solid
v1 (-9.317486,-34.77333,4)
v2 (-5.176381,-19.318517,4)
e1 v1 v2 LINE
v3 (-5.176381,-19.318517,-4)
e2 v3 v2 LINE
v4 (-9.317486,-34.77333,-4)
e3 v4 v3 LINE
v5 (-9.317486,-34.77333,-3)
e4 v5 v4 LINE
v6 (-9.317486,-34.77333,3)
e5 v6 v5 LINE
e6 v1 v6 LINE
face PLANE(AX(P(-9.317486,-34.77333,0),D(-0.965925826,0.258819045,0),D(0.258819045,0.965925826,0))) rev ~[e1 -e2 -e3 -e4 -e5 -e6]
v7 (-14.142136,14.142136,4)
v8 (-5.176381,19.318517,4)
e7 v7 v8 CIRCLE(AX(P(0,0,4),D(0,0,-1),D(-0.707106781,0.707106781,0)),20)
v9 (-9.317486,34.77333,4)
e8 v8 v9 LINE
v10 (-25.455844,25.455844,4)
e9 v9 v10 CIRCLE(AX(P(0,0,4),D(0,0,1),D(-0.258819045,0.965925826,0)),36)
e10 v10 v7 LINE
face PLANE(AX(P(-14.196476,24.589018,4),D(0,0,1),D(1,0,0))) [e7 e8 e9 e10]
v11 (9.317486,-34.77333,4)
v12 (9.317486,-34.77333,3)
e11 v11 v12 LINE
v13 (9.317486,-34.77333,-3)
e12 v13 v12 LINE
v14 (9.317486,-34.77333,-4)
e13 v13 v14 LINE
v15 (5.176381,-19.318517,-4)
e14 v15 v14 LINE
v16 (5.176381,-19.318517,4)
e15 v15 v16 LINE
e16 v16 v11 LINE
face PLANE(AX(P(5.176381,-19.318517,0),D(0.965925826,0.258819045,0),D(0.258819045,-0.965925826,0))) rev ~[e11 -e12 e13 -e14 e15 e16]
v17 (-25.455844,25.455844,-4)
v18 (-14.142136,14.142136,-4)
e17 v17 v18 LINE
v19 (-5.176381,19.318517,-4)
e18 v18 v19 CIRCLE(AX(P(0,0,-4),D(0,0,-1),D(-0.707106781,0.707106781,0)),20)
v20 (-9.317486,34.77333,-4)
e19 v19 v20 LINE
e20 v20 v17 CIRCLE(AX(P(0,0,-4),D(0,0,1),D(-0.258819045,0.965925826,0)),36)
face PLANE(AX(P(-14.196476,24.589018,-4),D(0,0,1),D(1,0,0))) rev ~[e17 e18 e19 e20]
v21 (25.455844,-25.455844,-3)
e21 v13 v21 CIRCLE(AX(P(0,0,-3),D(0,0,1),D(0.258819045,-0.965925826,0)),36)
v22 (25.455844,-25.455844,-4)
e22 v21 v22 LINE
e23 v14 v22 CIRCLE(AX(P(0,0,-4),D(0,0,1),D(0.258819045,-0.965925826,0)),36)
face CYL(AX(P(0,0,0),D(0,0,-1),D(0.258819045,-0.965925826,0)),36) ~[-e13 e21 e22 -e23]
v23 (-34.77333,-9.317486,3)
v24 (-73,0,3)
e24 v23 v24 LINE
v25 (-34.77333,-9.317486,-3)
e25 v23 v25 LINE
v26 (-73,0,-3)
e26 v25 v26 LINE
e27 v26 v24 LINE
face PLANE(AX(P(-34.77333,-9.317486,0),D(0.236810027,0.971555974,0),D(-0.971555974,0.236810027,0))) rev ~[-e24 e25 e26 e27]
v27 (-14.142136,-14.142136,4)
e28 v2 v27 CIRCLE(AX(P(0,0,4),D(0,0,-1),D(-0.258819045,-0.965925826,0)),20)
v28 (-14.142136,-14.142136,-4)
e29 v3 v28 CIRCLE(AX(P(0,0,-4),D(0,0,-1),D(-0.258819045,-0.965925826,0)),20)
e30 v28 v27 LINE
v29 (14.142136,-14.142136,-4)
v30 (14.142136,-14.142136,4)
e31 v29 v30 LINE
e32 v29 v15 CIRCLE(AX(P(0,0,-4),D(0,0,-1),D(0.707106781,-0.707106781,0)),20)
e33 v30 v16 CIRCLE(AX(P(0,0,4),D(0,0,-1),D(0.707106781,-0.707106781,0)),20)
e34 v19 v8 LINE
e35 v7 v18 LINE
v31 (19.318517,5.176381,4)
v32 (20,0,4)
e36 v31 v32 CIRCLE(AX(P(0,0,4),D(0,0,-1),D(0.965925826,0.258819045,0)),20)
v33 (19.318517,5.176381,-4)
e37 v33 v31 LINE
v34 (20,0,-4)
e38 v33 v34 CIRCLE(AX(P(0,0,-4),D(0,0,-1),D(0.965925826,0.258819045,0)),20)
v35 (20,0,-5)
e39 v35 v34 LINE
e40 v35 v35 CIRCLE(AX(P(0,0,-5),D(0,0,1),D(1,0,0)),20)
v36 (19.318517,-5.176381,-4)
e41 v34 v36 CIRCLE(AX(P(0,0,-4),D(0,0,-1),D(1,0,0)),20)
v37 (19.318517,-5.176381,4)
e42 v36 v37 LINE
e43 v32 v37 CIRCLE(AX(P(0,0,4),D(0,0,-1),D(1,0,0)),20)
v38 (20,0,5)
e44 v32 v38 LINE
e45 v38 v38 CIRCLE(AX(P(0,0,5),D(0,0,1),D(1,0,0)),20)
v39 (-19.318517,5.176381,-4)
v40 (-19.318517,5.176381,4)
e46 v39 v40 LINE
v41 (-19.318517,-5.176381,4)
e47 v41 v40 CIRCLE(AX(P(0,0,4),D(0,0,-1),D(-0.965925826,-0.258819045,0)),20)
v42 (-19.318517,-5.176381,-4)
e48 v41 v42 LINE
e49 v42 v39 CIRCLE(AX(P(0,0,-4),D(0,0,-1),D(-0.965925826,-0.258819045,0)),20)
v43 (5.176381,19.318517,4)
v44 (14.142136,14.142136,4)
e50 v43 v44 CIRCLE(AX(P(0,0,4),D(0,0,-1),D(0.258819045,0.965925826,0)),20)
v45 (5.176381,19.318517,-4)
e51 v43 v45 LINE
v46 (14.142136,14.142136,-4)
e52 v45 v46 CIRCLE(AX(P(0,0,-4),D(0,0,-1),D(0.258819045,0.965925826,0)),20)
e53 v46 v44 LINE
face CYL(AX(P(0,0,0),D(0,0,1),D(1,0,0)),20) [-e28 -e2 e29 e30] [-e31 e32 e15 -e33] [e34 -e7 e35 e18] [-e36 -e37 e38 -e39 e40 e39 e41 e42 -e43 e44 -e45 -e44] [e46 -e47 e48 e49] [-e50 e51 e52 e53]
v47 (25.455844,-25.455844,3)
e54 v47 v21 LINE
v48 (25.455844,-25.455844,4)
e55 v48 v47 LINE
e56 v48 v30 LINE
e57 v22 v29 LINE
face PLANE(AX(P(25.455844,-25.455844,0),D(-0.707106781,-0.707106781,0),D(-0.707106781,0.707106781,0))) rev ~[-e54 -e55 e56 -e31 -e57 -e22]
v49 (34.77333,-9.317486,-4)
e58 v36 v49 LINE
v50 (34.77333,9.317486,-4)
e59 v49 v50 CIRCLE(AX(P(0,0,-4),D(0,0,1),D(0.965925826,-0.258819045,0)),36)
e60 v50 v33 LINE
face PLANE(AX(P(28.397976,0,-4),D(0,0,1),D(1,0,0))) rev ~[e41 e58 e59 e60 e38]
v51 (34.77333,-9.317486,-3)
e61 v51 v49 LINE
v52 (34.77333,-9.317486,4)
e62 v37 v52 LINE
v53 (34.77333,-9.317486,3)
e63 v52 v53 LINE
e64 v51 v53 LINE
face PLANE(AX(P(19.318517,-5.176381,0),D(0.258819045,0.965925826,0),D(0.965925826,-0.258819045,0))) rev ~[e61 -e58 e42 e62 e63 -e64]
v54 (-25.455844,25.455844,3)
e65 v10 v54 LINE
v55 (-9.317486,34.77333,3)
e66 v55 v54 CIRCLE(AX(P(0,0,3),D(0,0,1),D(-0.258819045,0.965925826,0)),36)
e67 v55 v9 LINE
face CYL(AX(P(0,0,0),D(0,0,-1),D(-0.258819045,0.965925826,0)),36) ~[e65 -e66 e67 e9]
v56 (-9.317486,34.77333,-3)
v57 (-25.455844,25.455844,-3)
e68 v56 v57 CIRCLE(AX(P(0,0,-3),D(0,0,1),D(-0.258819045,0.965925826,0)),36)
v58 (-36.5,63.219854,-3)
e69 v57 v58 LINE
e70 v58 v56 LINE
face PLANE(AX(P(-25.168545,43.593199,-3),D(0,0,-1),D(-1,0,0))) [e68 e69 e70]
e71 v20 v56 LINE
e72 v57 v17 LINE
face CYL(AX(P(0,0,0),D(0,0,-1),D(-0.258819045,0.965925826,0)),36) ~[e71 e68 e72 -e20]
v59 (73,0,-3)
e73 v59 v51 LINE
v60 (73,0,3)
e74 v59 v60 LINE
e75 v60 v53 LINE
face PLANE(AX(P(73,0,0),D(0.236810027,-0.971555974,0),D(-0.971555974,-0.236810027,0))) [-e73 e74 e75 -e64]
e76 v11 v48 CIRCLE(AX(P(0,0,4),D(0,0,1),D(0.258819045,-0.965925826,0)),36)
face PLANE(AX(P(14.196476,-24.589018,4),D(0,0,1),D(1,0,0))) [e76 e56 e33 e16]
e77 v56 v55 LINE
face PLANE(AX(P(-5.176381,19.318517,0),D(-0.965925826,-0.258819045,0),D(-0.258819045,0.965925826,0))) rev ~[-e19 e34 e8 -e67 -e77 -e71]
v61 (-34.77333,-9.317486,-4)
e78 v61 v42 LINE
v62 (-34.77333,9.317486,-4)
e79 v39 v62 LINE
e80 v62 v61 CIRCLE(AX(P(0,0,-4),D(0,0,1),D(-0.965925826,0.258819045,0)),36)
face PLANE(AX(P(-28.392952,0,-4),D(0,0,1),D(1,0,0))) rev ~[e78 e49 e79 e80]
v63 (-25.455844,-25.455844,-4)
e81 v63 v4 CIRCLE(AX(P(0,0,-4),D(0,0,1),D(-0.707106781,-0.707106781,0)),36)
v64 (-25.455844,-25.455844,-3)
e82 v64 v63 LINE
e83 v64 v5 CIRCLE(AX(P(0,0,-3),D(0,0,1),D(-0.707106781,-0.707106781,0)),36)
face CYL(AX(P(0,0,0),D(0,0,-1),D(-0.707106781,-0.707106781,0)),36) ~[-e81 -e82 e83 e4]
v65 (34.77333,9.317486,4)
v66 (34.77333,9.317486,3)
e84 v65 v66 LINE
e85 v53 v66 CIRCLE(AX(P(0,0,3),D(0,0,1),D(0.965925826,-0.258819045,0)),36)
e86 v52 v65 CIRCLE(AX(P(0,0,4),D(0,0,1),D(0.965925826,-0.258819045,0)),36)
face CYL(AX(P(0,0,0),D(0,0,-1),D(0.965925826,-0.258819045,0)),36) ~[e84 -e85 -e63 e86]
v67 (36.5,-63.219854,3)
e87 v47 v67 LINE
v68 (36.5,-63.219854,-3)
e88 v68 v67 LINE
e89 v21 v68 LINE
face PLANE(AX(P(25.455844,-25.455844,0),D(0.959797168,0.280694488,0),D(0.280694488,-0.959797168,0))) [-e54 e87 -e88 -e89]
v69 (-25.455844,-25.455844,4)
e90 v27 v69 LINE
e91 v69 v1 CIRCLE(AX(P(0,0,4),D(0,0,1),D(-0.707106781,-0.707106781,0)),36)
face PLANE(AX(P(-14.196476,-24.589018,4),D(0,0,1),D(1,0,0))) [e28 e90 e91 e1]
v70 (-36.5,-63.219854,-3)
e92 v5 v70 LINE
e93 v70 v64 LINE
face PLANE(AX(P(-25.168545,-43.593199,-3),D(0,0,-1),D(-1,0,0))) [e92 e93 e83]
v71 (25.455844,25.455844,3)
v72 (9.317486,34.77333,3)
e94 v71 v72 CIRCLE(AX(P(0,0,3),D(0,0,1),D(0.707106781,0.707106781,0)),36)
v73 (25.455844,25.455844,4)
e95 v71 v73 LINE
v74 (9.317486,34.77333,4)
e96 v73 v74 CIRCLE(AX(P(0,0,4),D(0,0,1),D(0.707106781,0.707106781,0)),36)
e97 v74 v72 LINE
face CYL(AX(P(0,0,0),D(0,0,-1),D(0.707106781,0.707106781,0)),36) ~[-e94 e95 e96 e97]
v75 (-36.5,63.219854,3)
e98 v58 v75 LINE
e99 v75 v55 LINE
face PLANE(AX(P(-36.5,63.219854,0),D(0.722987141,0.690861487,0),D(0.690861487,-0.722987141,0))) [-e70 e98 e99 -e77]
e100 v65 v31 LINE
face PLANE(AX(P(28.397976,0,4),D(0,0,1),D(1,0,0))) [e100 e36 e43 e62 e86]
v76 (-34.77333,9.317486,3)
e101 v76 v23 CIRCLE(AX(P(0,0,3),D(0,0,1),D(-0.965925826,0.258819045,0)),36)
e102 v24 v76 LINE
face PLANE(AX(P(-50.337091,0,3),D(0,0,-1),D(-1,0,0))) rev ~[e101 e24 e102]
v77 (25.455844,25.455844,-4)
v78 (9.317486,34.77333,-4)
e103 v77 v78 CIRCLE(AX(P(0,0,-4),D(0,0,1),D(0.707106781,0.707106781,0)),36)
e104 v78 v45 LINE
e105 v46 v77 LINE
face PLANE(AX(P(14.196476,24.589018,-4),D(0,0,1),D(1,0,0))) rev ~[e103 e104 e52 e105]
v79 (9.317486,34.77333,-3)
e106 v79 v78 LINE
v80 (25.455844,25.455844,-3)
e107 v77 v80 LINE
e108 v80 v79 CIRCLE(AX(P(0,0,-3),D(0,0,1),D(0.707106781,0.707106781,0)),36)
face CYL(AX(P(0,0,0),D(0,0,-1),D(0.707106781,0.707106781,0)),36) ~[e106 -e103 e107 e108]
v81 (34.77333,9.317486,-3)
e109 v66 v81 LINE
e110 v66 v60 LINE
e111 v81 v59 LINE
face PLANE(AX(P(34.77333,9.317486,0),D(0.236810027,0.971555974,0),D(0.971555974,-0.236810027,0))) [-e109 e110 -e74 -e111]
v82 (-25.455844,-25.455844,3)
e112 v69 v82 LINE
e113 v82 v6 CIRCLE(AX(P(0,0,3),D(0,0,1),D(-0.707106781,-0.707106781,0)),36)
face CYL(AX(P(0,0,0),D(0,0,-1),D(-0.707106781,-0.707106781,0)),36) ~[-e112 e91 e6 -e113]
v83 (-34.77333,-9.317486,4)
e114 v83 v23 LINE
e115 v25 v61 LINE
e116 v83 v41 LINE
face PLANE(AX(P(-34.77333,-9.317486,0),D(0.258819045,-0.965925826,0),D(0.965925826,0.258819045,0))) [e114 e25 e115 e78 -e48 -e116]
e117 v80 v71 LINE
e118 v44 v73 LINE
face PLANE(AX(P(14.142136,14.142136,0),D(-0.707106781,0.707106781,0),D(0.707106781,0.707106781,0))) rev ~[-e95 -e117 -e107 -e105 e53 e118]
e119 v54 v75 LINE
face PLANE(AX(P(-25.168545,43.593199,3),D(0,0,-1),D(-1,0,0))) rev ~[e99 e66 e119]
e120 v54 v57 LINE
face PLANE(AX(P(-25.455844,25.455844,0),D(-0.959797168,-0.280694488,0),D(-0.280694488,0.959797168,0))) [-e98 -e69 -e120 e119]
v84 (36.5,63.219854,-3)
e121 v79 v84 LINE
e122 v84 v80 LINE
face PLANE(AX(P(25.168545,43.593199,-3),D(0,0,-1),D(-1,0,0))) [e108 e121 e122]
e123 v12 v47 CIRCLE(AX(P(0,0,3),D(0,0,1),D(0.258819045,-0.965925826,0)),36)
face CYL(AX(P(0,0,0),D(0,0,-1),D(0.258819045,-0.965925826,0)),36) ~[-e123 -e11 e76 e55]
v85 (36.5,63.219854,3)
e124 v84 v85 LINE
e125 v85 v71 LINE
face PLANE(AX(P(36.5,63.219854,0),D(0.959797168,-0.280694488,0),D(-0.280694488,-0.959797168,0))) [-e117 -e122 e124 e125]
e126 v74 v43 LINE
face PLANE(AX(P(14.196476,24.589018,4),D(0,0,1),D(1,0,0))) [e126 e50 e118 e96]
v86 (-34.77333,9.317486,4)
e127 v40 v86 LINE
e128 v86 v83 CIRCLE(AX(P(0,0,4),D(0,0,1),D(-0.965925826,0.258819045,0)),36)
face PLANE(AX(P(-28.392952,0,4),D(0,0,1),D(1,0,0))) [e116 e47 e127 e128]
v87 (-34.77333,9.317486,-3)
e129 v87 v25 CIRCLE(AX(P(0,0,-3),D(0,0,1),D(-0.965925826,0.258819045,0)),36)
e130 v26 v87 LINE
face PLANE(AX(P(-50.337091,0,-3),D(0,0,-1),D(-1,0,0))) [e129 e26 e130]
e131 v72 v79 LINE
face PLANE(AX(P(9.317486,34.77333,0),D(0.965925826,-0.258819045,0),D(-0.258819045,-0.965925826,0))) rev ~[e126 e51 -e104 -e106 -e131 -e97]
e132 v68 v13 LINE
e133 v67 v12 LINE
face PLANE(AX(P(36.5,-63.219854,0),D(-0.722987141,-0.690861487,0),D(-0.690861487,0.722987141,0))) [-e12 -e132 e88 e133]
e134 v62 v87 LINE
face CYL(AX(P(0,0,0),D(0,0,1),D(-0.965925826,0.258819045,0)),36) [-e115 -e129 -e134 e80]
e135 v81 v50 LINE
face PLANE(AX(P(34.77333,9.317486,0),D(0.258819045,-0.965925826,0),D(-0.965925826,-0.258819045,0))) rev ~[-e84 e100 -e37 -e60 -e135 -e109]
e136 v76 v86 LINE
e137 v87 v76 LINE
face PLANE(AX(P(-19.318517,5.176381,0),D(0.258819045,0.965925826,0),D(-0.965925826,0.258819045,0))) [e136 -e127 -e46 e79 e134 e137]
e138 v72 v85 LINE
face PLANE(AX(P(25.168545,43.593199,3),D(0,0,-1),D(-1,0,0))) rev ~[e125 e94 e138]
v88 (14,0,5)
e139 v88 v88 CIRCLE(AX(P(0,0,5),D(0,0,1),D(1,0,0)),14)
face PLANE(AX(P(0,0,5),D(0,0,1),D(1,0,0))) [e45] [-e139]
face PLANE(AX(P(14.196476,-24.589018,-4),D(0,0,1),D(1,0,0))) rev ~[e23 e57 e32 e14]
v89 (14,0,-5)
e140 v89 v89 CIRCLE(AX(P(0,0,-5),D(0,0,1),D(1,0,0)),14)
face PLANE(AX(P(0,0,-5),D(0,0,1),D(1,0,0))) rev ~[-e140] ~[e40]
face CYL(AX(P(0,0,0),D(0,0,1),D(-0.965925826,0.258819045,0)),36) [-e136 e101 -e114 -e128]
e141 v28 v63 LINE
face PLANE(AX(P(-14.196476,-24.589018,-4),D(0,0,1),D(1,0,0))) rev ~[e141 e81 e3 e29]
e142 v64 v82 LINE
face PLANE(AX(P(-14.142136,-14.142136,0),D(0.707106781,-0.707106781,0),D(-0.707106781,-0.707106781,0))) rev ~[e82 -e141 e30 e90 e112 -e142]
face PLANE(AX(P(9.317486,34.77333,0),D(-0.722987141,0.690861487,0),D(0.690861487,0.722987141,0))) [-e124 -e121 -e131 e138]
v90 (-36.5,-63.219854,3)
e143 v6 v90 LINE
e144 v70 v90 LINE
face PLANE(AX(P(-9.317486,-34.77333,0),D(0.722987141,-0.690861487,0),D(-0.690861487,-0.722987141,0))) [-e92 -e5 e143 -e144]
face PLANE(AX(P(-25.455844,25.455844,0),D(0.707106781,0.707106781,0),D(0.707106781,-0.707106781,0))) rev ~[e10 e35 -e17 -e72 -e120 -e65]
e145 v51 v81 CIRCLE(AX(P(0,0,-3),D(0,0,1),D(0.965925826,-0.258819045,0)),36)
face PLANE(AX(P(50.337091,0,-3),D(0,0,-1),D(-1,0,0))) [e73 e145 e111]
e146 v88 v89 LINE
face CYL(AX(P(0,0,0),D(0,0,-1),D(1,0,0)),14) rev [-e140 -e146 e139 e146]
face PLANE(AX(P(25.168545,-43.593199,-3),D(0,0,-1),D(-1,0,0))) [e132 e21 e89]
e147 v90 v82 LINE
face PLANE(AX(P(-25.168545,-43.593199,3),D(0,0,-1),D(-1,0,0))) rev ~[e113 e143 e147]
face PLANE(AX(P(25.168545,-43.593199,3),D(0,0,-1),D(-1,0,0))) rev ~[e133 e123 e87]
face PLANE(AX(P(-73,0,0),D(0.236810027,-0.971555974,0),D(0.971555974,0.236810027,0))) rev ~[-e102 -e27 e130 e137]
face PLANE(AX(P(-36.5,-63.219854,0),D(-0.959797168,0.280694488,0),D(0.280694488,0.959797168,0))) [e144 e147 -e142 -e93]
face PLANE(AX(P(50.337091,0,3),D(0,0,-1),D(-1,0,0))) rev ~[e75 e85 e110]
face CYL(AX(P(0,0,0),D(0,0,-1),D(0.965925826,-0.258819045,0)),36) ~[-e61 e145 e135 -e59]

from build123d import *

# Parameters (mm, degrees)
SKETCH1_R           = 20
SKETCH1_R_2         = 14
BOSS_EXTRUDE1_DEPTH = 5
BOSS_EXTRUDE2_DEPTH = 4
BOSS_EXTRUDE3_DEPTH = 3


with BuildPart() as part:
    # Sketch1 → Boss-Extrude1 (new, symmetric)
    with BuildSketch(Plane.XY):
        Circle(SKETCH1_R)
        Circle(SKETCH1_R_2, mode=Mode.SUBTRACT)
    extrude(amount=BOSS_EXTRUDE1_DEPTH, both=True)

    # Sketch1_3 → Boss-Extrude2 (add, symmetric)
    with BuildSketch(Plane.XY):
        with BuildLine():
            ThreePointArc((-14.142135624, 14.142135624), (-10, 17.320508076), (-5.176380902, 19.318516526))
            Line((-5.176380902, 19.318516526), (-9.317485624, 34.773329746))
            ThreePointArc((-9.317485624, 34.773329746), (-18, 31.176914536), (-25.455844123, 25.455844123))
            Line((-25.455844123, 25.455844123), (-14.142135624, 14.142135624))
        make_face()
        with BuildLine():
            ThreePointArc((5.176380902, 19.318516526), (10, 17.320508076), (14.142135624, 14.142135624))
            Line((14.142135624, 14.142135624), (25.455844123, 25.455844123))
            ThreePointArc((25.455844123, 25.455844123), (18, 31.176914536), (9.317485624, 34.773329746))
            Line((9.317485624, 34.773329746), (5.176380902, 19.318516526))
        make_face()
        with BuildLine():
            Line((34.773329746, 9.317485624), (19.318516526, 5.176380902))
            ThreePointArc((19.318516526, 5.176380902), (19.828897227, 2.610523844), (20, 0))
            ThreePointArc((20, 0), (19.828897227, -2.610523844), (19.318516526, -5.176380902))
            Line((19.318516526, -5.176380902), (34.773329746, -9.317485624))
            ThreePointArc((34.773329746, -9.317485624), (36, 0), (34.773329746, 9.317485624))
        make_face()
        with BuildLine():
            Line((25.455844123, -25.455844123), (14.142135624, -14.142135624))
            ThreePointArc((14.142135624, -14.142135624), (10, -17.320508076), (5.176380902, -19.318516526))
            Line((5.176380902, -19.318516526), (9.317485624, -34.773329746))
            ThreePointArc((9.317485624, -34.773329746), (18, -31.176914536), (25.455844123, -25.455844123))
        make_face()
        with BuildLine():
            Line((-9.317485624, -34.773329746), (-5.176380902, -19.318516526))
            ThreePointArc((-5.176380902, -19.318516526), (-10, -17.320508076), (-14.142135624, -14.142135624))
            Line((-14.142135624, -14.142135624), (-25.455844123, -25.455844123))
            ThreePointArc((-25.455844123, -25.455844123), (-18, -31.176914536), (-9.317485624, -34.773329746))
        make_face()
        with BuildLine():
            ThreePointArc((-19.318516526, -5.176380902), (-20, 0), (-19.318516526, 5.176380902))
            Line((-19.318516526, 5.176380902), (-34.773329746, 9.317485624))
            ThreePointArc((-34.773329746, 9.317485624), (-36, 0), (-34.773329746, -9.317485624))
            Line((-34.773329746, -9.317485624), (-19.318516526, -5.176380902))
        make_face()
    extrude(amount=BOSS_EXTRUDE2_DEPTH, both=True)

    # Sketch1_4 → Boss-Extrude3 (add, symmetric)
    with BuildSketch(Plane.XY):
        with BuildLine():
            ThreePointArc((-9.317485624, 34.773329746), (-18, 31.176914536), (-25.455844123, 25.455844123))
            Line((-25.455844123, 25.455844123), (-36.5, 63.219854476))
            Line((-36.5, 63.219854476), (-9.317485624, 34.773329746))
        make_face()
        with BuildLine():
            ThreePointArc((25.455844123, 25.455844123), (18, 31.176914536), (9.317485624, 34.773329746))
            Line((9.317485624, 34.773329746), (36.5, 63.219854476))
            Line((36.5, 63.219854476), (25.455844123, 25.455844123))
        make_face()
        with BuildLine():
            ThreePointArc((34.773329746, -9.317485624), (36, 0), (34.773329746, 9.317485624))
            Line((34.773329746, 9.317485624), (73, 0))
            Line((73, 0), (34.773329746, -9.317485624))
        make_face()
        with BuildLine():
            ThreePointArc((9.317485624, -34.773329746), (18, -31.176914536), (25.455844123, -25.455844123))
            Line((25.455844123, -25.455844123), (36.5, -63.219854476))
            Line((36.5, -63.219854476), (9.317485624, -34.773329746))
        make_face()
        with BuildLine():
            ThreePointArc((-25.455844123, -25.455844123), (-18, -31.176914536), (-9.317485624, -34.773329746))
            Line((-9.317485624, -34.773329746), (-36.5, -63.219854476))
            Line((-36.5, -63.219854476), (-25.455844123, -25.455844123))
        make_face()
        with BuildLine():
            ThreePointArc((-34.773329746, 9.317485624), (-36, 0), (-34.773329746, -9.317485624))
            Line((-34.773329746, -9.317485624), (-73, 0))
            Line((-73, 0), (-34.773329746, 9.317485624))
        make_face()
    extrude(amount=BOSS_EXTRUDE3_DEPTH, both=True)


solid = part.part
